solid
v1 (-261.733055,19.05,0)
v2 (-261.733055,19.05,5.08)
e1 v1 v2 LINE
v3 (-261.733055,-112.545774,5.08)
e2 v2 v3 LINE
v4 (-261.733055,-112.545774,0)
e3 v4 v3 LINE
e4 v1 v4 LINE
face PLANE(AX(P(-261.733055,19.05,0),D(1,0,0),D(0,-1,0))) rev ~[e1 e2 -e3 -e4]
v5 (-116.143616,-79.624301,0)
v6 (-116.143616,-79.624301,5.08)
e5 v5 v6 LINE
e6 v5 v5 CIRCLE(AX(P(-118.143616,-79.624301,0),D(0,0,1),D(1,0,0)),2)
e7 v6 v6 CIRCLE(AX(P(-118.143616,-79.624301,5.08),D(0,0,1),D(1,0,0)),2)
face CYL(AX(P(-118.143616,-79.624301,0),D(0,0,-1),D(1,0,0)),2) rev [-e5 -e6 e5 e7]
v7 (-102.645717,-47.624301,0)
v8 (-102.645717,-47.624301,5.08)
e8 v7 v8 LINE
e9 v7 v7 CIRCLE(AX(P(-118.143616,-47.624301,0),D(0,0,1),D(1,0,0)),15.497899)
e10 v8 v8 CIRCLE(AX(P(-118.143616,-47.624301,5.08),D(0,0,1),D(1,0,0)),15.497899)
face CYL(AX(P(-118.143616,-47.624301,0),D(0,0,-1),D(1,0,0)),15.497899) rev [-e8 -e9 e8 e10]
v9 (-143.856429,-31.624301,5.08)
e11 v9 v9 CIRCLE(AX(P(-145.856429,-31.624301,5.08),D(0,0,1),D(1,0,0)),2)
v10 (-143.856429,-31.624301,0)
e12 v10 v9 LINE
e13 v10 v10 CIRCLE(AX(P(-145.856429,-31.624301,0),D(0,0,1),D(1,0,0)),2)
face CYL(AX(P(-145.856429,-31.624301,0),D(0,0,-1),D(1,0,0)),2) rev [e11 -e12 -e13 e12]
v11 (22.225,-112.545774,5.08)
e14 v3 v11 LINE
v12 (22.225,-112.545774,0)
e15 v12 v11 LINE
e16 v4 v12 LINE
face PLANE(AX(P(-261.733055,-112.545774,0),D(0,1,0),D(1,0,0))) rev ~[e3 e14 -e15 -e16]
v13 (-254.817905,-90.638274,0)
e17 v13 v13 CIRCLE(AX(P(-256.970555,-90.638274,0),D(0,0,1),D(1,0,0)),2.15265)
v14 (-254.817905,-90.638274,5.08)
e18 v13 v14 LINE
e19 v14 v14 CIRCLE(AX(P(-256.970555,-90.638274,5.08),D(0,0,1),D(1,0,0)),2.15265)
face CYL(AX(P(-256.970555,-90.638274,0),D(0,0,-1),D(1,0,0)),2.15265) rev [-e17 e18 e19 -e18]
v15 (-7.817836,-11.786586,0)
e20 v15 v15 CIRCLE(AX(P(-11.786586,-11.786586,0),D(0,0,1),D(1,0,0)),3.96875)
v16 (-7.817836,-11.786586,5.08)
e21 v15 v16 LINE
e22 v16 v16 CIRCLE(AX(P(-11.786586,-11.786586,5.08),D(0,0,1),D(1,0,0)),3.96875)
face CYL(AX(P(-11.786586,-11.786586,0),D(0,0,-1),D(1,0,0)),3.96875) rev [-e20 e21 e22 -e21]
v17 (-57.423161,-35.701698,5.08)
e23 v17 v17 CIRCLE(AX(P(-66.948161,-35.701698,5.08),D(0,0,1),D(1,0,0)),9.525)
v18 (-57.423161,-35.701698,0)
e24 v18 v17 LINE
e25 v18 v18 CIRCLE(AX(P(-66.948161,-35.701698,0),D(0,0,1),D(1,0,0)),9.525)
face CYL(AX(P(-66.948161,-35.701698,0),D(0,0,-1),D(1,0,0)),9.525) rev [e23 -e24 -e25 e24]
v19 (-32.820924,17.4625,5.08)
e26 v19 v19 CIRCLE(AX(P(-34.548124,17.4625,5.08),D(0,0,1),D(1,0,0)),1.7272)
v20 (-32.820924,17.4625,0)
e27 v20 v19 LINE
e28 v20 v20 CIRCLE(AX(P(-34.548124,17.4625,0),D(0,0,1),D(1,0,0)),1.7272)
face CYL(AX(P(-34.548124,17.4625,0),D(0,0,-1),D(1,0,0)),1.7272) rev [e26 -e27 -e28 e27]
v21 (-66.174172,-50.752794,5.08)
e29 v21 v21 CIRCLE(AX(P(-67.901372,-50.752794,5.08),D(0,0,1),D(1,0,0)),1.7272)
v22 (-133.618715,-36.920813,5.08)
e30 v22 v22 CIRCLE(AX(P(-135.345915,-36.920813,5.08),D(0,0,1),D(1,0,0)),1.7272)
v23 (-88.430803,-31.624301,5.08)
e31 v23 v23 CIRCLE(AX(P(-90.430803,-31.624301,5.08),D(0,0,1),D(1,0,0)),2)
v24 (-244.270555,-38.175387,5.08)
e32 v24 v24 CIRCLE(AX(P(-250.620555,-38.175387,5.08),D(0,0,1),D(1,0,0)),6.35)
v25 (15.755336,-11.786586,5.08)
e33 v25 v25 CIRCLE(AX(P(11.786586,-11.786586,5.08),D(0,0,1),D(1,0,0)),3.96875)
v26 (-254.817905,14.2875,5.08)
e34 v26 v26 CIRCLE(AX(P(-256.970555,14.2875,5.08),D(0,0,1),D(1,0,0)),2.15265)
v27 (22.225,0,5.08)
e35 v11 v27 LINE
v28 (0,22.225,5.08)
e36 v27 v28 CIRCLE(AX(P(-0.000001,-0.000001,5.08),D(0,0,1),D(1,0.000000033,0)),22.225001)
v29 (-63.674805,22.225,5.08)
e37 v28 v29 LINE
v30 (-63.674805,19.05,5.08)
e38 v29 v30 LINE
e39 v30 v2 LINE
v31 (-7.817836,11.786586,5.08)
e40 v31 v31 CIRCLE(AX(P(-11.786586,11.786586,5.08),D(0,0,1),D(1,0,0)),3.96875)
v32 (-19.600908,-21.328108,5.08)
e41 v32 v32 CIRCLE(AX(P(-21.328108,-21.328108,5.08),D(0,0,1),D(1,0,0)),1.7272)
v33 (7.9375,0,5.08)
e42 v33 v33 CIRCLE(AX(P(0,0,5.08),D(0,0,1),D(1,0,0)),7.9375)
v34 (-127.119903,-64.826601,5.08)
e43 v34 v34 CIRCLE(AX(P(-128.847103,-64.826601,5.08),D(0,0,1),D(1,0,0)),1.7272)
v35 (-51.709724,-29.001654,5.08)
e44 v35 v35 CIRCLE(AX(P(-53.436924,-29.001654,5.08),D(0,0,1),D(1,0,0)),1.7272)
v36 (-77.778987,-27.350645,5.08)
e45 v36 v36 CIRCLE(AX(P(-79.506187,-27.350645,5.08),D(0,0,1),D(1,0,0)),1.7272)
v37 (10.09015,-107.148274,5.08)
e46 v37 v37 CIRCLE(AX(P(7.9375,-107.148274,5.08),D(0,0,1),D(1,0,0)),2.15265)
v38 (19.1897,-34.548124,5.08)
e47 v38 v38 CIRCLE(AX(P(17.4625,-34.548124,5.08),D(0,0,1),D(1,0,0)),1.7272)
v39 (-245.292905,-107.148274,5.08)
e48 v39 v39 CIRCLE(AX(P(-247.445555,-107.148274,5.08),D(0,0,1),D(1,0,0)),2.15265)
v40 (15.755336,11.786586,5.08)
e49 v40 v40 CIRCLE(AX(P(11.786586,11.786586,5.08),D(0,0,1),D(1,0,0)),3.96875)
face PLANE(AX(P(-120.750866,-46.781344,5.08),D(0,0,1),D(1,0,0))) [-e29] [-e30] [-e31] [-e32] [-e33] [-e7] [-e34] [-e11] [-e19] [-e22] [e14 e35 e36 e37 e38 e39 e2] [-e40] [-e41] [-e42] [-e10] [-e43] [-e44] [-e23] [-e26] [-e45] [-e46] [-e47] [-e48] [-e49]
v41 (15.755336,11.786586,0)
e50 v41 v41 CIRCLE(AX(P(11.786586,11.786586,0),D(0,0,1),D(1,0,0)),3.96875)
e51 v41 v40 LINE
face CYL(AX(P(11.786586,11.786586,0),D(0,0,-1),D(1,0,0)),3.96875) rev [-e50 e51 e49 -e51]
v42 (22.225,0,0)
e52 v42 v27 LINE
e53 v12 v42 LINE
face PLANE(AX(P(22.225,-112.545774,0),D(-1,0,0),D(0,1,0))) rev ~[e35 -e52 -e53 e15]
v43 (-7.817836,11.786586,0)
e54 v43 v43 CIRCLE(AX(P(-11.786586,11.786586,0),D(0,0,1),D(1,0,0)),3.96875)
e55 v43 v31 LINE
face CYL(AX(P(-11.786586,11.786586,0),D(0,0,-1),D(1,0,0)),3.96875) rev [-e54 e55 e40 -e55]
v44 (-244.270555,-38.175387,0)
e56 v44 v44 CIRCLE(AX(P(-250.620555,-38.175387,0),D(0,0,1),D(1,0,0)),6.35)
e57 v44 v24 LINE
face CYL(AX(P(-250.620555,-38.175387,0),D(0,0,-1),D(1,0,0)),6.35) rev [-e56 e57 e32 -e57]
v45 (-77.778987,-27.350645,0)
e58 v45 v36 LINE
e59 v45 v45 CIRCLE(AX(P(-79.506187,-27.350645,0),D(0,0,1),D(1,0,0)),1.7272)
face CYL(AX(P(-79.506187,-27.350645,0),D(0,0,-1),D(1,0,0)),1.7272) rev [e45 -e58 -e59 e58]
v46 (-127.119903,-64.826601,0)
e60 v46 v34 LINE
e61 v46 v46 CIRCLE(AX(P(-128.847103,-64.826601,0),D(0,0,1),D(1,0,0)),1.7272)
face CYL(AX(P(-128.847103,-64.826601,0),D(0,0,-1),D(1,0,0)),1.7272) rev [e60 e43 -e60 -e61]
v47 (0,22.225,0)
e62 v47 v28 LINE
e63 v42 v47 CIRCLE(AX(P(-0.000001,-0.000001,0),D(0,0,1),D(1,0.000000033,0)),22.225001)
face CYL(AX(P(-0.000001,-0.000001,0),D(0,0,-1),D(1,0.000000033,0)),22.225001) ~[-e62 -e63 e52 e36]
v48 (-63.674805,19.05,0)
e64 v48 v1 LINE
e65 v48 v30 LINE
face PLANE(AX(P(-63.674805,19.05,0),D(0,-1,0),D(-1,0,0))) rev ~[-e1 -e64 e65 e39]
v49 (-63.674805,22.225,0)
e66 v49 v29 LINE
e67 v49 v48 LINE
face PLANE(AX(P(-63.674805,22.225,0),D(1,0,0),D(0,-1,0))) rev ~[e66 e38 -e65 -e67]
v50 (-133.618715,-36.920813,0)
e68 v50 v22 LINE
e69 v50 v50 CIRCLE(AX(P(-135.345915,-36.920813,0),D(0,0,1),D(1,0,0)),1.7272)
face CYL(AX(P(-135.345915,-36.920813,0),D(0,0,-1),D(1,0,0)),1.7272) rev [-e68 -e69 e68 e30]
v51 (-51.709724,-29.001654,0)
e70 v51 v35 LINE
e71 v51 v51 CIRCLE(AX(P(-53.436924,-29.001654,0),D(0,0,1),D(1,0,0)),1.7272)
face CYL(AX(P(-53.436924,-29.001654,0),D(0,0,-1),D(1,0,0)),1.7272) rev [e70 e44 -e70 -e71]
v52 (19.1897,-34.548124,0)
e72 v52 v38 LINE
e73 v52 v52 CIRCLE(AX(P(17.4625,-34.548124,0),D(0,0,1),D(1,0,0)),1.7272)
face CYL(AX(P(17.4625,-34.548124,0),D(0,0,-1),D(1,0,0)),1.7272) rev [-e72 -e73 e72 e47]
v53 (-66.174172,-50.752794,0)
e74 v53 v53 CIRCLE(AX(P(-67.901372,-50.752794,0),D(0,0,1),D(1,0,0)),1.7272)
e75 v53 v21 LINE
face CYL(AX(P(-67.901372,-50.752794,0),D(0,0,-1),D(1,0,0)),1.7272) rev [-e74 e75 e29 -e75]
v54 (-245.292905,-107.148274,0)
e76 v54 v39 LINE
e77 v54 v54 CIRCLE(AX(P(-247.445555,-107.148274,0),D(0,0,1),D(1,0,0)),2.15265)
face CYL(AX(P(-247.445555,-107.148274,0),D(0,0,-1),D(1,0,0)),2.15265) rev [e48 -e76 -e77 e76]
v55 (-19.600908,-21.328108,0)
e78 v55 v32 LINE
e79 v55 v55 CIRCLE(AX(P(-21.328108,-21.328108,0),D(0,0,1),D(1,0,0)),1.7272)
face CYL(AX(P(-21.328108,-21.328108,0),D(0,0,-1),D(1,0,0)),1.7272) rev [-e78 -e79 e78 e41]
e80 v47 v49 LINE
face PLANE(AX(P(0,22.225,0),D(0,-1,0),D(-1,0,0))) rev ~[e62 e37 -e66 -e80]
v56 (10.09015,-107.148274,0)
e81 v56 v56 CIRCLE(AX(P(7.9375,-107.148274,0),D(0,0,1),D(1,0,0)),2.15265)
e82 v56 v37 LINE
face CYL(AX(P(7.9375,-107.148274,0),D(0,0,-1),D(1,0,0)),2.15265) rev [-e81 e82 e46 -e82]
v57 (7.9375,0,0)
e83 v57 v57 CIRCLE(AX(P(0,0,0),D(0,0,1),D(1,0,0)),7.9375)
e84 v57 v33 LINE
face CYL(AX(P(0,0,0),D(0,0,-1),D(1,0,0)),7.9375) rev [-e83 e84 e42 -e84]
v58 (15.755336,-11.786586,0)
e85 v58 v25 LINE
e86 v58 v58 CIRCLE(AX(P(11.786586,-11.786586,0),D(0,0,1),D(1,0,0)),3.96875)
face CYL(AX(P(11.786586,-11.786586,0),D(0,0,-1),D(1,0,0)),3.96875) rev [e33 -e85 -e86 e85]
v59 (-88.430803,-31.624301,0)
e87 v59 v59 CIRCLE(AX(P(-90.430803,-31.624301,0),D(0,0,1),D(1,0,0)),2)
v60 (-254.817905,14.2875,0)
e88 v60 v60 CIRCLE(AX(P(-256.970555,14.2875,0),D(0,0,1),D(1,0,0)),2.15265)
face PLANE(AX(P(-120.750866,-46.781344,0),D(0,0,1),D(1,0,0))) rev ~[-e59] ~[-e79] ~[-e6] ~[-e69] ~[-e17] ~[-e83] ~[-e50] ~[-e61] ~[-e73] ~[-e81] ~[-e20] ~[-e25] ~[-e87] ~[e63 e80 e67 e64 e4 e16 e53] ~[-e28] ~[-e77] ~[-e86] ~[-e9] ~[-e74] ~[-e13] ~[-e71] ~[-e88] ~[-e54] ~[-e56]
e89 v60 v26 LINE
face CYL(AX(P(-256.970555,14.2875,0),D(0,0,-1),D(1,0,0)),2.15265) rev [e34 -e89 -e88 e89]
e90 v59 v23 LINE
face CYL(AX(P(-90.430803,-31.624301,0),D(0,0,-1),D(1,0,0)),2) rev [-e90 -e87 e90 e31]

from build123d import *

# Parameters (mm, degrees)
F0_R     = 2.15265
F0_R_2   = 1.7272
F0_R_3   = 2
F0_R_4   = 15.497899
F0_R_5   = 6.35
F0_R_6   = 9.525
F0_R_7   = 3.96875
F0_R_8   = 7.9375
F1_DEPTH = 5.08


with BuildPart() as f1:
    # F0 (on Top) → F1 (new body)
    with BuildSketch(Plane.XY):
        with BuildLine():
            Line((0, 22.225), (-63.674805, 22.225))
            Line((-63.674805, 22.225), (-63.674805, 19.05))
            Line((-63.674805, 19.05), (-261.733055, 19.05))
            Line((-261.733055, 19.05), (-261.733055, -112.545774))
            Line((-261.733055, -112.545774), (22.225, -112.545774))
            Line((22.225, -112.545774), (22.225, 0))
            ThreePointArc((22.225, 0), (15.715448, 15.715448), (0, 22.225))
        make_face()
        with Locations((-247.445555, -107.148274)):
            Circle(F0_R, mode=Mode.SUBTRACT)
        with Locations((-256.970555, -90.638274)):
            Circle(F0_R, mode=Mode.SUBTRACT)
        with Locations((-128.847103, -64.826601)):
            Circle(F0_R_2, mode=Mode.SUBTRACT)
        with Locations((-118.143616, -79.624301)):
            Circle(F0_R_3, mode=Mode.SUBTRACT)
        with Locations((7.9375, -107.148274)):
            Circle(F0_R, mode=Mode.SUBTRACT)
        with Locations((-118.143616, -47.624301)):
            Circle(F0_R_4, mode=Mode.SUBTRACT)
        with Locations((-67.901372, -50.752794)):
            Circle(F0_R_2, mode=Mode.SUBTRACT)
        with Locations((-250.620555, -38.175387)):
            Circle(F0_R_5, mode=Mode.SUBTRACT)
        with Locations((-135.345915, -36.920813)):
            Circle(F0_R_2, mode=Mode.SUBTRACT)
        with Locations((-145.856429, -31.624301)):
            Circle(F0_R_3, mode=Mode.SUBTRACT)
        with Locations((-256.970555, 14.2875)):
            Circle(F0_R, mode=Mode.SUBTRACT)
        with Locations((-90.430803, -31.624301)):
            Circle(F0_R_3, mode=Mode.SUBTRACT)
        with Locations((-66.948161, -35.701698)):
            Circle(F0_R_6, mode=Mode.SUBTRACT)
        with Locations((-53.436924, -29.001654)):
            Circle(F0_R_2, mode=Mode.SUBTRACT)
        with Locations((-79.506187, -27.350645)):
            Circle(F0_R_2, mode=Mode.SUBTRACT)
        with Locations((17.4625, -34.548124)):
            Circle(F0_R_2, mode=Mode.SUBTRACT)
        with Locations((-21.328108, -21.328108)):
            Circle(F0_R_2, mode=Mode.SUBTRACT)
        with Locations((-11.786586, -11.786586)):
            Circle(F0_R_7, mode=Mode.SUBTRACT)
        with Locations((11.786586, -11.786586)):
            Circle(F0_R_7, mode=Mode.SUBTRACT)
        Circle(F0_R_8, mode=Mode.SUBTRACT)
        with Locations((-34.548124, 17.4625)):
            Circle(F0_R_2, mode=Mode.SUBTRACT)
        with Locations((-11.786586, 11.786586)):
            Circle(F0_R_7, mode=Mode.SUBTRACT)
        with Locations((11.786586, 11.786586)):
            Circle(F0_R_7, mode=Mode.SUBTRACT)
    extrude(amount=F1_DEPTH)


solid = f1.part
